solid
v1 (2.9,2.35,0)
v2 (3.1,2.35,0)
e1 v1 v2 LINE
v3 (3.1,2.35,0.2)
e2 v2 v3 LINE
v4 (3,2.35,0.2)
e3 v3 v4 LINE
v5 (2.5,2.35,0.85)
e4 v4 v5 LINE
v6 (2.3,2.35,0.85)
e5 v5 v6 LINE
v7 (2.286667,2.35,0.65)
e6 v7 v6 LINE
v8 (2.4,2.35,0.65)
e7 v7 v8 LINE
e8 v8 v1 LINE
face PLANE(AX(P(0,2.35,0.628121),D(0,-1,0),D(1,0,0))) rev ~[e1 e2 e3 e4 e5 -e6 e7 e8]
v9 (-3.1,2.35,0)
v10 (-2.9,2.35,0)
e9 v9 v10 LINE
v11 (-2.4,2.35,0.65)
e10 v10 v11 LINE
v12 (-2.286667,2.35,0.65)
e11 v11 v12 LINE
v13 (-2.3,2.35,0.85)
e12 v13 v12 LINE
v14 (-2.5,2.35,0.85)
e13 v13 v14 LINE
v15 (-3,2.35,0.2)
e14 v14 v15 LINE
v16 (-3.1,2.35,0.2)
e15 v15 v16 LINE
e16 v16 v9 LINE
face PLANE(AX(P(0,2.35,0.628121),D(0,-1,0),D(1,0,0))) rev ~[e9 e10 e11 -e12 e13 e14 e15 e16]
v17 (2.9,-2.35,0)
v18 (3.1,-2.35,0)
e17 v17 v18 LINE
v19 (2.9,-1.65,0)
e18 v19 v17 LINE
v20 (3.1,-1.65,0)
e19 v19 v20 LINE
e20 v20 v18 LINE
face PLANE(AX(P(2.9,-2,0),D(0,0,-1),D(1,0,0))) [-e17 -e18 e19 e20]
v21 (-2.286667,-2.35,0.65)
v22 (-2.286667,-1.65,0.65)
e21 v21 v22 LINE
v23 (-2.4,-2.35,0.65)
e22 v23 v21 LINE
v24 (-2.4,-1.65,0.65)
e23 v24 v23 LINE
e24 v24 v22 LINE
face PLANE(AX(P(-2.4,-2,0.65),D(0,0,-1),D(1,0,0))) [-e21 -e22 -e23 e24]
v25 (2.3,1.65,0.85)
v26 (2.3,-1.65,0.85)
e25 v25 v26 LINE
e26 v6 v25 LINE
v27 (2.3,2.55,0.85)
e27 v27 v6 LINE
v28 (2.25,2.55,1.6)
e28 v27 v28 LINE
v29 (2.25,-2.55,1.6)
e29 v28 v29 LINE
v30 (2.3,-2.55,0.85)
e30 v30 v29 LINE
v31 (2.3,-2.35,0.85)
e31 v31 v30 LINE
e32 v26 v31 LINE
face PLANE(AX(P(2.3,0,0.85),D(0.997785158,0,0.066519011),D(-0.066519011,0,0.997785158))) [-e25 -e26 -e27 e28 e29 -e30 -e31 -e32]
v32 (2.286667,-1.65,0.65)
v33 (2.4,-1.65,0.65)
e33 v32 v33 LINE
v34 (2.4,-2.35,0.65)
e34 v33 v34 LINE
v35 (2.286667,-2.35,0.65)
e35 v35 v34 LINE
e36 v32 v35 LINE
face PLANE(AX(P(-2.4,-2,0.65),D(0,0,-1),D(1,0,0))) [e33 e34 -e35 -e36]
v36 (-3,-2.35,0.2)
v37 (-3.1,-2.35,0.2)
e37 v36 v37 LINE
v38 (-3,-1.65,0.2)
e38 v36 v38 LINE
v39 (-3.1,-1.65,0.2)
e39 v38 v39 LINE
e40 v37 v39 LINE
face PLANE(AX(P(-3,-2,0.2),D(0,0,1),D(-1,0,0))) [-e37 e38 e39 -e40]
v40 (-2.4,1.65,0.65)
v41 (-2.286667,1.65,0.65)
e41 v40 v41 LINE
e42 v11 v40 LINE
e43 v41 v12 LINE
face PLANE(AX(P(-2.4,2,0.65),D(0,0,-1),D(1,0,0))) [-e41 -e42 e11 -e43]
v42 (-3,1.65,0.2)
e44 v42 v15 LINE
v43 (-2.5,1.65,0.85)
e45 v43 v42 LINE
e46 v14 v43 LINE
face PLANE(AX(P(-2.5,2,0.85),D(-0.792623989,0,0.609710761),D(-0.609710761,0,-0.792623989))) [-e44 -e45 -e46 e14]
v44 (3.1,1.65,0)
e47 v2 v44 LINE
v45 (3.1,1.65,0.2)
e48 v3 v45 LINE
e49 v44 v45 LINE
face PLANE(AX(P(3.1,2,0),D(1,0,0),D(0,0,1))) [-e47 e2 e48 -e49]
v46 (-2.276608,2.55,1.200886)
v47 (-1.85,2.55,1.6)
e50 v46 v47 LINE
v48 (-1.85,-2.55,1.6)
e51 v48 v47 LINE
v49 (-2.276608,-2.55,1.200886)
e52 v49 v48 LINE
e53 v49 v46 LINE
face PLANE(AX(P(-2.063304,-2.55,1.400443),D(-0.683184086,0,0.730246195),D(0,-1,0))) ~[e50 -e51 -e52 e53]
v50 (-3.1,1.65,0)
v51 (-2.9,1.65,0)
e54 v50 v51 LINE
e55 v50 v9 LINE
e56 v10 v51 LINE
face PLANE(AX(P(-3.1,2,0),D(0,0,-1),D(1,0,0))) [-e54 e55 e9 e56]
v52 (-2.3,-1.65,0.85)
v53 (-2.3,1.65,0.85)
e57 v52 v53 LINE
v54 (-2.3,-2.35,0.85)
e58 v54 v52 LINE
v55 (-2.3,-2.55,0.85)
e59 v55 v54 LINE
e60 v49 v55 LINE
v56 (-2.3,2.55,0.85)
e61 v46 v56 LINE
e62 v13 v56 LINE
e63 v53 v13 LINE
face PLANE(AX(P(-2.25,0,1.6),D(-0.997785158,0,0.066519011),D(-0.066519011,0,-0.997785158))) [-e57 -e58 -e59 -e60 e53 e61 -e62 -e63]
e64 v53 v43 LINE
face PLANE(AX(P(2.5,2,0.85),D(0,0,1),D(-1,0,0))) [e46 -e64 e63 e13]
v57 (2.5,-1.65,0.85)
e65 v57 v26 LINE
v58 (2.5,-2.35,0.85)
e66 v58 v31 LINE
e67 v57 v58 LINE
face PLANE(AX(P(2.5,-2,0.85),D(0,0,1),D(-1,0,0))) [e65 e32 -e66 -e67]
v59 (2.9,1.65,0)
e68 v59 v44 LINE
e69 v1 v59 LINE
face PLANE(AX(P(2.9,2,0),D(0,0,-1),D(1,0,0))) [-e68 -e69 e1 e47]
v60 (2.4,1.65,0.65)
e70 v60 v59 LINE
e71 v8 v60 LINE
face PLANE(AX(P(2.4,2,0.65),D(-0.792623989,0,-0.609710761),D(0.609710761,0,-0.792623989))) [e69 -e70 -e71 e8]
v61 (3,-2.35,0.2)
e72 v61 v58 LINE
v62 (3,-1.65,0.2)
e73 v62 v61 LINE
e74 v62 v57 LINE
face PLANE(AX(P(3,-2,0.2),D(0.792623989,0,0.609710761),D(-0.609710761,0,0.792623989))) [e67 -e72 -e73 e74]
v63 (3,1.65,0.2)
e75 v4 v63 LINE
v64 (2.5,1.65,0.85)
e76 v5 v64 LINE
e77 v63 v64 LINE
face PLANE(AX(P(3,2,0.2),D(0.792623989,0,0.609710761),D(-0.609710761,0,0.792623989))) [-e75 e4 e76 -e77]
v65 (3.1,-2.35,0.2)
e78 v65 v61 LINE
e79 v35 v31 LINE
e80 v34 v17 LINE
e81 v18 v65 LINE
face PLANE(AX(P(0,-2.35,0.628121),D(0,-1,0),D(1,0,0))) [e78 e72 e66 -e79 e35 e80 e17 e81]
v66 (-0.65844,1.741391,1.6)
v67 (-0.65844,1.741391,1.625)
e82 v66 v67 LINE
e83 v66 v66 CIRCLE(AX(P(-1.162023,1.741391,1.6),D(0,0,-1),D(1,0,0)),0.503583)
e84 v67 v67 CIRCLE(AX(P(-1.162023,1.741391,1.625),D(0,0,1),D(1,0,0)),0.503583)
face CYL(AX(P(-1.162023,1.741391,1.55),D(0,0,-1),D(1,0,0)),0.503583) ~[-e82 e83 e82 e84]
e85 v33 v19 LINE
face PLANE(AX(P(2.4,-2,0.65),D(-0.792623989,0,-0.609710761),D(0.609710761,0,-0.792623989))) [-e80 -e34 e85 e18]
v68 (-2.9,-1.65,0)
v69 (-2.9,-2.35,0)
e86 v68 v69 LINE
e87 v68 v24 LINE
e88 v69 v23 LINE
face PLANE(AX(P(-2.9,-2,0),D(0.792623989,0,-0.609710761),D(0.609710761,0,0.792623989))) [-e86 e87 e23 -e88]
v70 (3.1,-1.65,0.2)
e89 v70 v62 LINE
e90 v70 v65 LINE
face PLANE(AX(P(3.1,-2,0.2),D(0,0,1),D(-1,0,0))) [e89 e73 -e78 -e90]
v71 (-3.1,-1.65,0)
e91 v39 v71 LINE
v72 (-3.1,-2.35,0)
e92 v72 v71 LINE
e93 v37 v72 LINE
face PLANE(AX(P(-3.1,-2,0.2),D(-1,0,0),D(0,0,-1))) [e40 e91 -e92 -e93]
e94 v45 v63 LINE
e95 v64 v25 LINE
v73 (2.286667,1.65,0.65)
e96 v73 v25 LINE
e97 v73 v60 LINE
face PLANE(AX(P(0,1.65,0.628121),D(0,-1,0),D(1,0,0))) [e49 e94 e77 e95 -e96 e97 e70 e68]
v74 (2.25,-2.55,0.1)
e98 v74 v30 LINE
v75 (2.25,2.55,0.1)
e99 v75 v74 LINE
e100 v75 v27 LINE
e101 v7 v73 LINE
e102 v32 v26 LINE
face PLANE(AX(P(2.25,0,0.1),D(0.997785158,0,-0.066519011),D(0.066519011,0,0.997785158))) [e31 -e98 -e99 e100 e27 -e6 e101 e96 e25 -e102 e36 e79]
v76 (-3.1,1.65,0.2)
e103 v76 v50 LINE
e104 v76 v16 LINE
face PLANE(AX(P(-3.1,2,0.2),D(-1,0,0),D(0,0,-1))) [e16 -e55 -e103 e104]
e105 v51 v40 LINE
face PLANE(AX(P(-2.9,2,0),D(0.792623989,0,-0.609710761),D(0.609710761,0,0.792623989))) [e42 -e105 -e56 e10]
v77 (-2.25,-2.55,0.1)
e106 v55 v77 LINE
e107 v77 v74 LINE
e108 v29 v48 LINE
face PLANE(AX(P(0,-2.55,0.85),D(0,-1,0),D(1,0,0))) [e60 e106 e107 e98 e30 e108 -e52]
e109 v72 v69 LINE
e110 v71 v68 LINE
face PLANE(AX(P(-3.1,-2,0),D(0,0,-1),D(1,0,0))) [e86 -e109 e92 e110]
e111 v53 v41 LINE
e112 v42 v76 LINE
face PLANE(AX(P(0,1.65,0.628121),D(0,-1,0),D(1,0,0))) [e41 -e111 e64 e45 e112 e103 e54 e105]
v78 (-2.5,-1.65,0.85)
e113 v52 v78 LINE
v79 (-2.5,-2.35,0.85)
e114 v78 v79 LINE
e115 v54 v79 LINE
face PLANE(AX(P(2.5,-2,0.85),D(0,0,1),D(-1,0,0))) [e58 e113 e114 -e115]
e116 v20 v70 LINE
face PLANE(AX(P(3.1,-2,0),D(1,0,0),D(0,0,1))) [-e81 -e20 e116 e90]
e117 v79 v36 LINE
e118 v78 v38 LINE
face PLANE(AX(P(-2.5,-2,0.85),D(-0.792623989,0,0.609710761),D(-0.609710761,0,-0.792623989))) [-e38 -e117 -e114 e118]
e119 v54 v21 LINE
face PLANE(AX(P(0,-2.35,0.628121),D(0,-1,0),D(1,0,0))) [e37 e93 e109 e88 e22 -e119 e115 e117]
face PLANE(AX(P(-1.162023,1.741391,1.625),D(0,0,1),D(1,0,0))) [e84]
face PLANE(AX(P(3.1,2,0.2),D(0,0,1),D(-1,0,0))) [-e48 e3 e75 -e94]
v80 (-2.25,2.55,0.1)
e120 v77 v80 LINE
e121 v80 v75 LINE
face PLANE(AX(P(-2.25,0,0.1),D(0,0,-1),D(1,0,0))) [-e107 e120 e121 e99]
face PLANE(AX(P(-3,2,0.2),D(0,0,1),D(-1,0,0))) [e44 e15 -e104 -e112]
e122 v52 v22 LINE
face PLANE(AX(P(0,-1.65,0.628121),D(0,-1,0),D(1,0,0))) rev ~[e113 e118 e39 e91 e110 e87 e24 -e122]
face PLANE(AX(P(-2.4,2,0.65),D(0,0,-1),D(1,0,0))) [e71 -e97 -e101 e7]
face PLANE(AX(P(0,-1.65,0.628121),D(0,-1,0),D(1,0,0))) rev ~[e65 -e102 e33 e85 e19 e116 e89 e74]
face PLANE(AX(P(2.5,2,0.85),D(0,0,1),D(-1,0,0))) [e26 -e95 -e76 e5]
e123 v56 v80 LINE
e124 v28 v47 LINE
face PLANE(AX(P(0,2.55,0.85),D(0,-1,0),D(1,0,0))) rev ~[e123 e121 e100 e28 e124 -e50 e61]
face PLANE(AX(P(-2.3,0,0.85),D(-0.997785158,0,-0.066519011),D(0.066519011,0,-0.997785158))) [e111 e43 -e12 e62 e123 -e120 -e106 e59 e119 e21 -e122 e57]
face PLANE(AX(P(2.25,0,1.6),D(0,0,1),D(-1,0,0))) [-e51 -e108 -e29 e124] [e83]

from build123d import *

# Parameters (mm, degrees)
PAD002_DEPTH = 0.35
PAD_DEPTH    = 2.55
CHAMFER_SIZE = 0.4
SKETCH003_R  = 0.503583
PAD003_DEPTH = 0.075
PAD001_DEPTH = 0.35


with BuildPart() as pad002:
    # Sketch002 → Pad002 (new body, symmetric)
    with BuildSketch(Plane.XZ.offset(-2)):
        Polygon((-3.1, 0), (-2.9, 0), (-2.4, 0.65), (2.4, 0.65), (2.9, 0), (3.1, 0), (3.1, 0.2), (3, 0.2), (2.5, 0.85), (-2.5, 0.85), (-3, 0.2), (-3.1, 0.2), align=None)
    extrude(amount=PAD002_DEPTH, both=True)


with BuildPart() as chamfer_body:
    # Sketch → Pad (new body, symmetric)
    with BuildSketch(Plane.XZ):
        Polygon((-2.25, 0.1), (2.25, 0.1), (2.3, 0.85), (2.25, 1.6), (-2.25, 1.6), (-2.3, 0.85), align=None)
    extrude(amount=PAD_DEPTH, both=True)

    # Chamfer
    chamfer_edges = [chamfer_body.edges().sort_by_distance(p)[0] for p in [
        (-2.25, 0, 1.6),
    ]]
    chamfer(chamfer_edges, length=CHAMFER_SIZE)


with BuildPart() as pad003:
    # Sketch003 → Pad003 (new body)
    with BuildSketch(Plane.XY.offset(1.55)):
        with Locations((-1.162023, 1.741391)):
            Circle(SKETCH003_R)
    extrude(amount=PAD003_DEPTH)


with BuildPart() as diode_bridge_vishay_mbls:
    # Sketch001 → Pad001 (new body, symmetric)
    with BuildSketch(Plane.XZ.offset(2)):
        Polygon((-3.1, 0), (-2.9, 0), (-2.4, 0.65), (2.4, 0.65), (2.9, 0), (3.1, 0), (3.1, 0.2), (3, 0.2), (2.5, 0.85), (-2.5, 0.85), (-3, 0.2), (-3.1, 0.2), align=None)
    extrude(amount=PAD001_DEPTH, both=True)

    # Pad001_mp_cp: union Pad002, Chamfer body, Pad003
    add(pad002.part)
    add(chamfer_body.part)
    add(pad003.part)


solid = diode_bridge_vishay_mbls.part
